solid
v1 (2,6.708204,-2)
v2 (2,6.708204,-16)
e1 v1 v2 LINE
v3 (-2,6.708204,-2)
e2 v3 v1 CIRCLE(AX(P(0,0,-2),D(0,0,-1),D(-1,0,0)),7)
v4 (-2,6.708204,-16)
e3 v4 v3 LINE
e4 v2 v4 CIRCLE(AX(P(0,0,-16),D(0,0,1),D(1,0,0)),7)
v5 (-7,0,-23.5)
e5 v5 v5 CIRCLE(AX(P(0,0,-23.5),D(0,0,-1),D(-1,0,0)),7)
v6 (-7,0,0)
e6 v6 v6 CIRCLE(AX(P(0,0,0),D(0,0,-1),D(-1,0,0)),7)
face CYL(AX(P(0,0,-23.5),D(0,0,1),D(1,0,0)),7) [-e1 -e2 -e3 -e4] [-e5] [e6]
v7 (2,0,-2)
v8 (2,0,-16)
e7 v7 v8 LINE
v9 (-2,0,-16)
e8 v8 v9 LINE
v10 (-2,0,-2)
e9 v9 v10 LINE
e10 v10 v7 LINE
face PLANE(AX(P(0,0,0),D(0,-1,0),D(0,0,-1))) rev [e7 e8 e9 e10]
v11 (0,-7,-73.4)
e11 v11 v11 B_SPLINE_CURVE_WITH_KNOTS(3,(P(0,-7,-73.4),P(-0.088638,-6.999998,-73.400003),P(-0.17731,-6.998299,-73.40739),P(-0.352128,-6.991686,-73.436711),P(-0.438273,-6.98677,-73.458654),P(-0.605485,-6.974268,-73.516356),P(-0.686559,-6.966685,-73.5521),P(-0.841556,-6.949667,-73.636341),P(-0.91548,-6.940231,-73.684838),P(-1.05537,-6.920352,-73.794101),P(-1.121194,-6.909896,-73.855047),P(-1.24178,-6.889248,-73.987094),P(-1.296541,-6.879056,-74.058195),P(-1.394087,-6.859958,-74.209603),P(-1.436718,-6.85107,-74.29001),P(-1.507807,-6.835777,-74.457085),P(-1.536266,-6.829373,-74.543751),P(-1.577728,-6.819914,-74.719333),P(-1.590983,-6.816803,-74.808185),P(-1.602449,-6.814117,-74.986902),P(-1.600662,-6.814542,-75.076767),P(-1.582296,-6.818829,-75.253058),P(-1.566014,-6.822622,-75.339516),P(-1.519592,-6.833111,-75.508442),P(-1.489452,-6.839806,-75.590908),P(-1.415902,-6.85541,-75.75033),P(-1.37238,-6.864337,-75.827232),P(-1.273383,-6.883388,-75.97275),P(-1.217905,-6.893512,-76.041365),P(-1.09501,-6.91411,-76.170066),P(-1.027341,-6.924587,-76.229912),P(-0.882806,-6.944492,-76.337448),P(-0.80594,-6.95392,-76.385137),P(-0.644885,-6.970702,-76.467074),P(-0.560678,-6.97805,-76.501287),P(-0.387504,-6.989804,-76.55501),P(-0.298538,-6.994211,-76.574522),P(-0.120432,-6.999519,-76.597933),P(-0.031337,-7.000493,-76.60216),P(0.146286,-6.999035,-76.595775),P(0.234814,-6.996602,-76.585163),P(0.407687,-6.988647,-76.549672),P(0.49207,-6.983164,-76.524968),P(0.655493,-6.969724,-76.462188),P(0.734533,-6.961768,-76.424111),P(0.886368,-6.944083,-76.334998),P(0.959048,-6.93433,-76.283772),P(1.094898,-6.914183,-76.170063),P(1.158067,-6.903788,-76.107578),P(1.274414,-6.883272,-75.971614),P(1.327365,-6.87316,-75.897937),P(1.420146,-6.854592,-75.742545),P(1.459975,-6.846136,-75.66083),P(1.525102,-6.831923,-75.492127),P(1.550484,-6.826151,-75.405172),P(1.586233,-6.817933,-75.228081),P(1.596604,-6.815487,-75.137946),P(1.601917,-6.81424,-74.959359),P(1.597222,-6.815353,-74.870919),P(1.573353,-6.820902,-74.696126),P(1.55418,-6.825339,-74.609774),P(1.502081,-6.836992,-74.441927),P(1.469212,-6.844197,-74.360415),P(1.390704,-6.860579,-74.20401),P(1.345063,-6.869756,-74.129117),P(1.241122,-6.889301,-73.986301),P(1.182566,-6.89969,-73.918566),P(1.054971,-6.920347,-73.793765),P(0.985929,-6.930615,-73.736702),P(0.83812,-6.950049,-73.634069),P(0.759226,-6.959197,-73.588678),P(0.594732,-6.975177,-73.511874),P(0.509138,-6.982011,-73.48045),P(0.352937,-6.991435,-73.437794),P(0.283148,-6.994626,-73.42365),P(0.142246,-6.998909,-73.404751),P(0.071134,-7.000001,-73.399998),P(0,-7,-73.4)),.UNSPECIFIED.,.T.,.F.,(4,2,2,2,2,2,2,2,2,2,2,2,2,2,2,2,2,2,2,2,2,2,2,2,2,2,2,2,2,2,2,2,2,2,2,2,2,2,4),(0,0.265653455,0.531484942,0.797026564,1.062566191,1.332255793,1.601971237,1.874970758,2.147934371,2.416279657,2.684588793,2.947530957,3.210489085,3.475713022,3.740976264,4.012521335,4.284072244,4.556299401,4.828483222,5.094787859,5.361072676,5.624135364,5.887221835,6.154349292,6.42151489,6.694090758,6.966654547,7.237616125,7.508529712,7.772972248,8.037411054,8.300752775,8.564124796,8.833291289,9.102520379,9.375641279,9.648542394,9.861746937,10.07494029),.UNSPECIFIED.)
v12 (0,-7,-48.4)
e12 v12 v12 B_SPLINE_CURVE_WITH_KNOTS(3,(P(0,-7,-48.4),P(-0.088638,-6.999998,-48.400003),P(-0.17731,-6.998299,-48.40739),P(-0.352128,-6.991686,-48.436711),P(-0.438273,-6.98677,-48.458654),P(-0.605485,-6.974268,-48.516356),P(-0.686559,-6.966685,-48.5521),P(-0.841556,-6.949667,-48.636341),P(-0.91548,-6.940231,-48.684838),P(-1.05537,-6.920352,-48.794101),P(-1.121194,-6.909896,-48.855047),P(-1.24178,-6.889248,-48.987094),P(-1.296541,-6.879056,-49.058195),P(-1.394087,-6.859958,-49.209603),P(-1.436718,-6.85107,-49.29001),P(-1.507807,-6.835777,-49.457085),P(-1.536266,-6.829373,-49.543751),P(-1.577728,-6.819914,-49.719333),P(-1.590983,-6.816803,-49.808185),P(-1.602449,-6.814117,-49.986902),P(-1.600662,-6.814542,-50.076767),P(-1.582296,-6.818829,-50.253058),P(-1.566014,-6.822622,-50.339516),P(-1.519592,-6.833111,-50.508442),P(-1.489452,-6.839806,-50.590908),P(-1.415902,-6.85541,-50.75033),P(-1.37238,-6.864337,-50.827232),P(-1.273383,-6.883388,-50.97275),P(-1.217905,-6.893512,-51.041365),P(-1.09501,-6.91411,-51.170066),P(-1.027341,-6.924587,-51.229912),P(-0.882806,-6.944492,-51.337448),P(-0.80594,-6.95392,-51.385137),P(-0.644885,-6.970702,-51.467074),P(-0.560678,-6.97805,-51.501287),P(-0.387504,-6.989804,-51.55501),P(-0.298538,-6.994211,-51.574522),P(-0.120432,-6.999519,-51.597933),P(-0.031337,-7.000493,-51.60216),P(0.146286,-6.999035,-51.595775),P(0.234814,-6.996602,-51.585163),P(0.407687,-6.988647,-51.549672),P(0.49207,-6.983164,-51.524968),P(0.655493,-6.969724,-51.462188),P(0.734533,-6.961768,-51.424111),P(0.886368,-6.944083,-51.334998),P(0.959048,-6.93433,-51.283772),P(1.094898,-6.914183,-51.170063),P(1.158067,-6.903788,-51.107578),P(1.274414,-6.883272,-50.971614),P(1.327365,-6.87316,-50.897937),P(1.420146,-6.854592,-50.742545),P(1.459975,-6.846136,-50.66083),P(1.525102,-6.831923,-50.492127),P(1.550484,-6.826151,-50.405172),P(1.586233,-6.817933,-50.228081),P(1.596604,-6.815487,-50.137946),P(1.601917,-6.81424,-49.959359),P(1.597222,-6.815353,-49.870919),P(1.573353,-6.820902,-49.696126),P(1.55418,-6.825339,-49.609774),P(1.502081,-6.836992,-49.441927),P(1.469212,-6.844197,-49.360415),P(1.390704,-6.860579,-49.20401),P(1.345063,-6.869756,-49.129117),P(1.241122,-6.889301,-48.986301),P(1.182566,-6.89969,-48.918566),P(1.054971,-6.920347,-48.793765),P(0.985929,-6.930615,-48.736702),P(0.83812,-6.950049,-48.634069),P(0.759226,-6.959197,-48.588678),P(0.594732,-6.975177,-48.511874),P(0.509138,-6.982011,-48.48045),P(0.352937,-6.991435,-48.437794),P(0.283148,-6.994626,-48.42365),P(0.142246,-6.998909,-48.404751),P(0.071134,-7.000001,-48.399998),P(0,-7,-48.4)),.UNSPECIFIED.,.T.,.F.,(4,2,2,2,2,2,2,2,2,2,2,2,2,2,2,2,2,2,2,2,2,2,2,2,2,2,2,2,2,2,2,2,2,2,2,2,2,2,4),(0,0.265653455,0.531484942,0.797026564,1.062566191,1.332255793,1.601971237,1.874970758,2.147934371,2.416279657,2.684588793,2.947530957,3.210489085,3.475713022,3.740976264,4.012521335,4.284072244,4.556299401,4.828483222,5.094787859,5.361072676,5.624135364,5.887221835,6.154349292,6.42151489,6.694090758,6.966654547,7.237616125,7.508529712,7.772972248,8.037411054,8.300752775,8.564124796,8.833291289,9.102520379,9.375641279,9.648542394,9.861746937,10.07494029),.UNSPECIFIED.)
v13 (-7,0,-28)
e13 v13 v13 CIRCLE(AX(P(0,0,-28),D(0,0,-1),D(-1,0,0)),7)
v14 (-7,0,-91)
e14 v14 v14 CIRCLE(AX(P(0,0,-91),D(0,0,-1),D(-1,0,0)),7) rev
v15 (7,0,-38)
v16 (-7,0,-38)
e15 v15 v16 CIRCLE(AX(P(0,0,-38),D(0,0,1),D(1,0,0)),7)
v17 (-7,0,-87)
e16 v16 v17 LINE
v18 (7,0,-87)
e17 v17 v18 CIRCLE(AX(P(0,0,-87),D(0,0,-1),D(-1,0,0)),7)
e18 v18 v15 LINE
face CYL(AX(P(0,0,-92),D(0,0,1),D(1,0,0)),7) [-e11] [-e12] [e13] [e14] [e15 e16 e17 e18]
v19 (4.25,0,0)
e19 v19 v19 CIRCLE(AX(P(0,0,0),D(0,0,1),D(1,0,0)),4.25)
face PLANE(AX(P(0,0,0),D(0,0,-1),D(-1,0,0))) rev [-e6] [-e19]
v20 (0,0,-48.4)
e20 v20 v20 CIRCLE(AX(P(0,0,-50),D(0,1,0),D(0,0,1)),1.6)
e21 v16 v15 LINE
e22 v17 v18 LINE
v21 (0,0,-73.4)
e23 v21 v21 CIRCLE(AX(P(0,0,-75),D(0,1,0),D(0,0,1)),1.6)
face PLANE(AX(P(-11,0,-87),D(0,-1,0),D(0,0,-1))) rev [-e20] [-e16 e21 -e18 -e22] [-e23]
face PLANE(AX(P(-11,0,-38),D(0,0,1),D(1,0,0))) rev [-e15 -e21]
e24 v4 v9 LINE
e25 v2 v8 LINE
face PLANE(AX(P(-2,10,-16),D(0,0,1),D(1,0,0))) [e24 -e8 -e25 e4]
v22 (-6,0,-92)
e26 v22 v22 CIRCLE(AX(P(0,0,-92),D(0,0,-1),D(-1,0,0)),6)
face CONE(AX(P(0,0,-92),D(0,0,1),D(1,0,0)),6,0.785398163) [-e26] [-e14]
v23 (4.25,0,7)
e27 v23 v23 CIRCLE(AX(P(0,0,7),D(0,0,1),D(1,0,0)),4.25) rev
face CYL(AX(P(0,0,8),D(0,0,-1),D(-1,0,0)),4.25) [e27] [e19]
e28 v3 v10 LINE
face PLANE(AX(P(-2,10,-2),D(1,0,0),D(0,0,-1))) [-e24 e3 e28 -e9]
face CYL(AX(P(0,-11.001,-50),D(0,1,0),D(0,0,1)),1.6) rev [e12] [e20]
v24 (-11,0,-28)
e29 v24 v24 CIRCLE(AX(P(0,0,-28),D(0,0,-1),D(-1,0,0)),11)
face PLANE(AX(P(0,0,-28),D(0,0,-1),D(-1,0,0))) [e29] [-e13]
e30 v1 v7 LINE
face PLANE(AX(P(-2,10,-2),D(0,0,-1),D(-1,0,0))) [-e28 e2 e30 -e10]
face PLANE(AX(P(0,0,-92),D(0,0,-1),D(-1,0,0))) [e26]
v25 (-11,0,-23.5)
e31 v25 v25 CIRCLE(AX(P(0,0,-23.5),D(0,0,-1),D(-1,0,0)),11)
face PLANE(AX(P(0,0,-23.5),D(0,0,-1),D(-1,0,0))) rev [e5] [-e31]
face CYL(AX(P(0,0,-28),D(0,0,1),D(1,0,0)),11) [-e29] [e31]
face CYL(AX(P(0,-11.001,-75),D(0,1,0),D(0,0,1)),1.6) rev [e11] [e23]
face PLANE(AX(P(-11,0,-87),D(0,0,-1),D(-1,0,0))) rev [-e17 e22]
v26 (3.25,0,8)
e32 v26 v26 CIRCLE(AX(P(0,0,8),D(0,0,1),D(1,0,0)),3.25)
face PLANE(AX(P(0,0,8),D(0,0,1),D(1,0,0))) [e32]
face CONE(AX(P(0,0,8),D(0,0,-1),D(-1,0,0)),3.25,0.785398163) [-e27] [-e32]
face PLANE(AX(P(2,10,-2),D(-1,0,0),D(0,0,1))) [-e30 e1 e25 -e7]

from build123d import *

# Parameters (mm, degrees)
SKETCH1_R               = 4.25
BOSS_EXTRUDE1_DEPTH     = 8
CHAMFER1_SIZE           = 1
SKETCH2_R               = 7
BOSS_EXTRUDE2_DEPTH     = 23.5
SKETCH4_R               = 11
BOSS_EXTRUDE3_DEPTH     = 4.5
SKETCH5_R               = 7
BOSS_EXTRUDE4_DEPTH     = 64
CUT_EXTRUDE2_DEPTH      = 94.305948363
CUT_EXTRUDE2_DEPTH_BACK = 94.305948363
SKETCH6_W               = 49
SKETCH6_H               = 7
CUT_EXTRUDE3_REACH      = 95.306
CUT_EXTRUDE3_END_RADIUS = 7
SKETCH7_R               = 1.6
CHAMFER2_SIZE           = 1
SKETCH8_W               = 4
SKETCH8_H               = 14
CUT_EXTRUDE4_DEPTH      = 10


with BuildPart() as part:
    # Sketch1 → Boss-Extrude1 (new body)
    with BuildSketch(Plane.XY):
        Circle(SKETCH1_R)
    extrude(amount=BOSS_EXTRUDE1_DEPTH)

    # Chamfer1
    chamfer1_edges = [part.edges().sort_by_distance(p)[0] for p in [
        (-4.25, 0, 8),
    ]]
    chamfer(chamfer1_edges, length=CHAMFER1_SIZE)

    # Sketch2 → Boss-Extrude2 (add)
    with BuildSketch(Plane(origin=(0, 0, 0), x_dir=(-1, 0, 0), z_dir=(0, 0, -1))):
        Circle(SKETCH2_R)
    extrude(amount=BOSS_EXTRUDE2_DEPTH)

    # Sketch4 → Boss-Extrude3 (add)
    with BuildSketch(Plane(origin=(0, 0, -23.5), x_dir=(-1, 0, 0), z_dir=(0, 0, -1))):
        Circle(SKETCH4_R)
    extrude(amount=BOSS_EXTRUDE3_DEPTH)

    # Sketch5 → Boss-Extrude4 (add)
    with BuildSketch(Plane(origin=(0, 0, -28), x_dir=(-1, 0, 0), z_dir=(0, 0, -1))):
        Circle(SKETCH5_R)
    extrude(amount=BOSS_EXTRUDE4_DEPTH)

    # Sketch6 → Cut-Extrude2 (cut, two sides: drawn at the far end of the back side and taken through both)
    with BuildSketch(Plane(origin=(0, 0, 0), x_dir=(0, 0, -1), z_dir=(1, 0, 0)).offset(-CUT_EXTRUDE2_DEPTH_BACK)):
        with Locations((62.5, 3.5)):
            Rectangle(SKETCH6_W, SKETCH6_H)
    extrude(amount=CUT_EXTRUDE2_DEPTH + CUT_EXTRUDE2_DEPTH_BACK, mode=Mode.SUBTRACT)

    # Cut-Extrude3: up to this cylinder (the profile starts inside it)
    cut_extrude3_end = Plane(origin=(0, 0, -62.5), z_dir=(0, 0, 1)) * Cylinder(CUT_EXTRUDE3_END_RADIUS, 230.612, mode=Mode.PRIVATE)
    # Sketch7 → Cut-Extrude3 (cut, up to the surface)
    with BuildSketch(Plane(origin=(0, 0, 0), x_dir=(1, 0, 0), z_dir=(0, 1, 0)), mode=Mode.PRIVATE) as cut_extrude3_sk1:
        with Locations(Location((0, 75, 0), (0, 0, 270))):
            Circle(SKETCH7_R)
    cut_extrude3_tool1 = extrude(cut_extrude3_sk1.sketch, amount=-CUT_EXTRUDE3_REACH, mode=Mode.PRIVATE) & cut_extrude3_end
    add(cut_extrude3_tool1.solids().sort_by_distance((0, 0, -75))[0], mode=Mode.SUBTRACT)
    # Sketch7 → Cut-Extrude3 (cut, up to the surface)
    with BuildSketch(Plane(origin=(0, 0, 0), x_dir=(1, 0, 0), z_dir=(0, 1, 0)), mode=Mode.PRIVATE) as cut_extrude3_sk2:
        with Locations(Location((0, 50, 0), (0, 0, 270))):
            Circle(SKETCH7_R)
    cut_extrude3_tool2 = extrude(cut_extrude3_sk2.sketch, amount=-CUT_EXTRUDE3_REACH, mode=Mode.PRIVATE) & cut_extrude3_end
    add(cut_extrude3_tool2.solids().sort_by_distance((0, 0, -50))[0], mode=Mode.SUBTRACT)

    # Chamfer2
    chamfer2_edges = [part.edges().sort_by_distance(p)[0] for p in [
        (7, 0, -92),
    ]]
    chamfer(chamfer2_edges, length=CHAMFER2_SIZE)

    # Sketch8 → Cut-Extrude4 (cut)
    with BuildSketch(Plane(origin=(0, 0, 0), x_dir=(1, 0, 0), z_dir=(0, 1, 0))):
        with Locations((0, 9)):
            Rectangle(SKETCH8_W, SKETCH8_H)
    extrude(amount=CUT_EXTRUDE4_DEPTH, mode=Mode.SUBTRACT)


solid = part.part
